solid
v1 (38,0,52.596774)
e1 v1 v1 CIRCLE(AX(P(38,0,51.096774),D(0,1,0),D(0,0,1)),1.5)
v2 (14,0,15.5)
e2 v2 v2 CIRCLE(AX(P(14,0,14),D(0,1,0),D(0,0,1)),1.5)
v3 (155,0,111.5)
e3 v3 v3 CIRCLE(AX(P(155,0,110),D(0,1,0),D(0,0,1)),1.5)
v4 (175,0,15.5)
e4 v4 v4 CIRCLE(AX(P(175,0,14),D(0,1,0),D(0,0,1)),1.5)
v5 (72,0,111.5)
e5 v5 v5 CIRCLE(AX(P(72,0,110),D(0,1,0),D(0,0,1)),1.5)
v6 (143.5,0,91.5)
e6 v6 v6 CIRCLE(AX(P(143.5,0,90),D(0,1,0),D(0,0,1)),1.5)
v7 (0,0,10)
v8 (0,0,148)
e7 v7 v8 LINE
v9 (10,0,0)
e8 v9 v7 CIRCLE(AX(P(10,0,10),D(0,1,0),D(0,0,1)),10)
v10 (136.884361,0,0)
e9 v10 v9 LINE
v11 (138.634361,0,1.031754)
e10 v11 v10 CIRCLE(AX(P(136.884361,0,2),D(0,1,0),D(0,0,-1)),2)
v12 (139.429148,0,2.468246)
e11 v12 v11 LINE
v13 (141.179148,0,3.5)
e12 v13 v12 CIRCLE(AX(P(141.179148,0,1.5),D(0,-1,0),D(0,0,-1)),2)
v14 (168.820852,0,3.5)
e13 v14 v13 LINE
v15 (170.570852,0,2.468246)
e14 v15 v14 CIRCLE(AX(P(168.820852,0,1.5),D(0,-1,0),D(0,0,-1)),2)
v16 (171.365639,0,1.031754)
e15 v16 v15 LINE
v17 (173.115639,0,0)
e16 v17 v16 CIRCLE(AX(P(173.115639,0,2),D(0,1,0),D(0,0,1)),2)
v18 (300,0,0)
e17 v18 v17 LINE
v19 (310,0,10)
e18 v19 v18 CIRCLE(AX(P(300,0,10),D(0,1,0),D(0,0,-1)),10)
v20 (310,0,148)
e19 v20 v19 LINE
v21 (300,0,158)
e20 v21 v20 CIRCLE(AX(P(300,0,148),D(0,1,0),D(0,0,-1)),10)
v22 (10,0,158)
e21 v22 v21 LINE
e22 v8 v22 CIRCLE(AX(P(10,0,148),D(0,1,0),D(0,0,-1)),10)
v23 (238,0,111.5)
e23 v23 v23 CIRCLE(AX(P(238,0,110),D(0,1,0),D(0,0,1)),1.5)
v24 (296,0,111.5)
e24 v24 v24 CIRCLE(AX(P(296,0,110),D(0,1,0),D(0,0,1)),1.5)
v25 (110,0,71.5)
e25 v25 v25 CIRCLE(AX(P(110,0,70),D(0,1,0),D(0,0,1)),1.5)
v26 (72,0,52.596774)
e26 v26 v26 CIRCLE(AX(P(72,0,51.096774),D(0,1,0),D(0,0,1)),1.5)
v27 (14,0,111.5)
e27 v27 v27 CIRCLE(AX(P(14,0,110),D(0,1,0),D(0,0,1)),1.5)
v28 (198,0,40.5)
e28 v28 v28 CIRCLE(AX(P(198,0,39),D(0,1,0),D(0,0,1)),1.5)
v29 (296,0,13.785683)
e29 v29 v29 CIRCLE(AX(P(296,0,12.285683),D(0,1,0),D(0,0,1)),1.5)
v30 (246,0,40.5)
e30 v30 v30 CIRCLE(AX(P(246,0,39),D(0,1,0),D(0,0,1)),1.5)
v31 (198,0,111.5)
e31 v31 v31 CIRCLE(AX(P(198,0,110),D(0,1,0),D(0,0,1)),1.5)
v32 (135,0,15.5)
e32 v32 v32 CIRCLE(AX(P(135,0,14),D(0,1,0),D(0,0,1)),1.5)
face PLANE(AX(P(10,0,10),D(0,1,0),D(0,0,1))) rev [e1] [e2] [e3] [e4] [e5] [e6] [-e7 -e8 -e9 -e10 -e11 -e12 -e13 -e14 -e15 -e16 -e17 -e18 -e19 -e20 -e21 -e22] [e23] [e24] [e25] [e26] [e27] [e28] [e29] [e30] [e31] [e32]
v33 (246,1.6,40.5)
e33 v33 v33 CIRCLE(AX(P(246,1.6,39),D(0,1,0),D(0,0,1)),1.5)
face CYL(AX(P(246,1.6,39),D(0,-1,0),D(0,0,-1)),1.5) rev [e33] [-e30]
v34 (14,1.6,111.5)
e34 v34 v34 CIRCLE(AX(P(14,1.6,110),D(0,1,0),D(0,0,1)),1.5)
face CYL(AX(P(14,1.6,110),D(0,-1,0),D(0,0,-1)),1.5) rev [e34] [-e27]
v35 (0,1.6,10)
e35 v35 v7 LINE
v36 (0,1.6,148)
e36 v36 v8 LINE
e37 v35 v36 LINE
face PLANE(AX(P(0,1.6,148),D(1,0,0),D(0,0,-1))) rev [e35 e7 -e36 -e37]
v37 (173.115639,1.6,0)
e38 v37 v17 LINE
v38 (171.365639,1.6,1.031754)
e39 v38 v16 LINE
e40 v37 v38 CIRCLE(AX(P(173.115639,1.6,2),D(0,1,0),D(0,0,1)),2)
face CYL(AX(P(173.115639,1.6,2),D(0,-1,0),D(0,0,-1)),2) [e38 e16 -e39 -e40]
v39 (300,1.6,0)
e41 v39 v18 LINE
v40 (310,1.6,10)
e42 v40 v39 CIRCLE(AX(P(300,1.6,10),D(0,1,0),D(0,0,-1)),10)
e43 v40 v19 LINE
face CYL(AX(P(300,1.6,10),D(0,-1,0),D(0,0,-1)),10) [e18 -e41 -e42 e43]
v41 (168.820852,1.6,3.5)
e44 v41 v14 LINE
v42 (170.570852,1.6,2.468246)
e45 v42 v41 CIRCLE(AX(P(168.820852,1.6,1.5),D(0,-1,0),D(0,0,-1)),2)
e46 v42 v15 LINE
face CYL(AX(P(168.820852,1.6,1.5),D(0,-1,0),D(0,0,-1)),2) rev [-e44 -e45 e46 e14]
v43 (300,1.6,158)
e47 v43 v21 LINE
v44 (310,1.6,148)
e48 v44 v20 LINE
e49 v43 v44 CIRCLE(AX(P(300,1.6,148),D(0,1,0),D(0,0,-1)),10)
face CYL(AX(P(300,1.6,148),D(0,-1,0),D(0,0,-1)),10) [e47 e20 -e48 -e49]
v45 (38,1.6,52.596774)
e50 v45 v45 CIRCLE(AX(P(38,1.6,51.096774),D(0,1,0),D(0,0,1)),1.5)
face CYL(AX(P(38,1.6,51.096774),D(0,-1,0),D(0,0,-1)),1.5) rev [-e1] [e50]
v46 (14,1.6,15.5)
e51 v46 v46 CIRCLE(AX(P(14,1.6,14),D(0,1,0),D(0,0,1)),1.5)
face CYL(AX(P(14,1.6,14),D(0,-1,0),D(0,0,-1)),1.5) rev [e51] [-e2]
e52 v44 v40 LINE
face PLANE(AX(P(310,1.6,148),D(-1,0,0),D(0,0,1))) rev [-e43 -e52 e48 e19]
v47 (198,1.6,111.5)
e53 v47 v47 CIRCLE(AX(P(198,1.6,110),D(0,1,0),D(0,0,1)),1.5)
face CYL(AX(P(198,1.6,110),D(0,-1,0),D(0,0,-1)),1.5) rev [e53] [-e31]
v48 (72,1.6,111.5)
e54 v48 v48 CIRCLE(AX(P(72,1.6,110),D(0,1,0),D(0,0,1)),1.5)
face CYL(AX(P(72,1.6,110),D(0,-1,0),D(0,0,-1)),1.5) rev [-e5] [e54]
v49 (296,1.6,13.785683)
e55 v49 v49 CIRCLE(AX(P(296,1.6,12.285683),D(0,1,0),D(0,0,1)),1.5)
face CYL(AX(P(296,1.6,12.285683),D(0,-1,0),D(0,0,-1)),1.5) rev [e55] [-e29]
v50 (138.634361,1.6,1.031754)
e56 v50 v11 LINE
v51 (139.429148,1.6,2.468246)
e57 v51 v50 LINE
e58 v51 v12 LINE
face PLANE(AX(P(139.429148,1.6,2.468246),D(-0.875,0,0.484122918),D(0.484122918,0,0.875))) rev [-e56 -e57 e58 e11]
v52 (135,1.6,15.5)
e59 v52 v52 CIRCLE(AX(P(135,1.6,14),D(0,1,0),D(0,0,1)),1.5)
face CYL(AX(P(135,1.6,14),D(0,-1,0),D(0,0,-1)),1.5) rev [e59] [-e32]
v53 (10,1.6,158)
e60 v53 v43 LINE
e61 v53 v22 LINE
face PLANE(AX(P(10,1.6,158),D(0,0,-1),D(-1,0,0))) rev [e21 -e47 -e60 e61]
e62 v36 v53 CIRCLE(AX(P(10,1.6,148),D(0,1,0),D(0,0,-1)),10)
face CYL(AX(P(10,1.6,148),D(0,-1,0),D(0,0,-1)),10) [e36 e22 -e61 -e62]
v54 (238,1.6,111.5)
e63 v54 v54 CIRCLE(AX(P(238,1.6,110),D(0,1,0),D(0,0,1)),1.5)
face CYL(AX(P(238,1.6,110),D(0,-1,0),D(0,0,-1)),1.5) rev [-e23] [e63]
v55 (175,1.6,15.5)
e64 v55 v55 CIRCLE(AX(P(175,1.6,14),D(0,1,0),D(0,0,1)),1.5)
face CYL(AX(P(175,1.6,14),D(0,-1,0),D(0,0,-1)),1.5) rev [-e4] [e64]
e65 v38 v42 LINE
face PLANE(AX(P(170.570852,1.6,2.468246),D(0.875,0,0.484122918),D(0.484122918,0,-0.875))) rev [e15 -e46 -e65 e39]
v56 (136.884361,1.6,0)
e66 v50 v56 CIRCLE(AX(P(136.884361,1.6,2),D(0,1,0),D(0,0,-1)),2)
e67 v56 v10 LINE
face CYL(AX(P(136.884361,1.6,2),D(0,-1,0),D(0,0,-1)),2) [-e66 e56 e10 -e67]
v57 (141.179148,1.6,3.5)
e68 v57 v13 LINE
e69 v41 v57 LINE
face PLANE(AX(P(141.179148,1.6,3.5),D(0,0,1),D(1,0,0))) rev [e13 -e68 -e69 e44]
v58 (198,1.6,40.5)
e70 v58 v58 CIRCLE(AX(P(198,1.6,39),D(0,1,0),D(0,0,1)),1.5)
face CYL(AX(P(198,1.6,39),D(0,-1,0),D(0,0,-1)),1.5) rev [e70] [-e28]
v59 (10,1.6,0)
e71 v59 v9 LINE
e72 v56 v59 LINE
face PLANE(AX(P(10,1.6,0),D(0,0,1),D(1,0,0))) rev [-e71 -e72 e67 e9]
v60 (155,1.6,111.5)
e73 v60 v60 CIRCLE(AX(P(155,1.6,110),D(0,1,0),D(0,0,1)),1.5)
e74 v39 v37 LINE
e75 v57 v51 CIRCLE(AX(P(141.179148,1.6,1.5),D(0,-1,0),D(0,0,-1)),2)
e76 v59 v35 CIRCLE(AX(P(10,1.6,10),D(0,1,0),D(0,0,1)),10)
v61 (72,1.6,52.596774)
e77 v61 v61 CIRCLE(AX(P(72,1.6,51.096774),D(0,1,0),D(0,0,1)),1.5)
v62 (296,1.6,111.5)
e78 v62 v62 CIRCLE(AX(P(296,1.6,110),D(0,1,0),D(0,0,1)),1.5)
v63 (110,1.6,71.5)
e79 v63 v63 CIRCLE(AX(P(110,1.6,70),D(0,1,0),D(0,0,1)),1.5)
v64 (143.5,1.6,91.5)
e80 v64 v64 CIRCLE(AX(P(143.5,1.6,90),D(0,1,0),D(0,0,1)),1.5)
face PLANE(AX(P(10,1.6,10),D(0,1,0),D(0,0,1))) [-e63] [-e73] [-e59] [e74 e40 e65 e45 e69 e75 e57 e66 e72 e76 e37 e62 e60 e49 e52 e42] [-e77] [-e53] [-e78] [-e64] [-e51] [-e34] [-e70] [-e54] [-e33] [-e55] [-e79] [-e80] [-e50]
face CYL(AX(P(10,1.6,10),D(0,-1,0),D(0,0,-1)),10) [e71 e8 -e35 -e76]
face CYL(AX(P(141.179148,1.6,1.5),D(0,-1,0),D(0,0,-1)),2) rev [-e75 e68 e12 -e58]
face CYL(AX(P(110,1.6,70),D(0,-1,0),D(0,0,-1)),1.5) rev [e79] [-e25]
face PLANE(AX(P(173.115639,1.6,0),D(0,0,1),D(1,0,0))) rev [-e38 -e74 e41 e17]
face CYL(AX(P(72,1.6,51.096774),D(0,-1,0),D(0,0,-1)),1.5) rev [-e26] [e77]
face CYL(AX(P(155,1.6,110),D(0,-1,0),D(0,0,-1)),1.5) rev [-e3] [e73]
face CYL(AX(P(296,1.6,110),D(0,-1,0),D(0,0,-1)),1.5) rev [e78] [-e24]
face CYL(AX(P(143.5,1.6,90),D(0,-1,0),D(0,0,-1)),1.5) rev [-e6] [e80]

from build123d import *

# Parameters (mm, degrees)
SKETCH_1_R      = 1.5
EXTRUDE_1_DEPTH = 1.6


with BuildPart() as part:
    # 草图1 → 凸台-拉伸1 (new body)
    with BuildSketch(Plane(origin=(0, 0, 0), x_dir=(1, 0, 0), z_dir=(0, 1, 0))):
        with BuildLine():
            Line((10, 0), (136.884360712, 0))
            ThreePointArc((136.884360712, 0), (137.900113715, -0.277140216), (138.634360712, -1.031754163))
            Line((138.634360712, -1.031754163), (139.429147615, -2.468245837))
            ThreePointArc((139.429147615, -2.468245837), (140.163394612, -3.222859784), (141.179147615, -3.5))
            Line((141.179147615, -3.5), (143.5, -3.5))
            Line((143.5, -3.5), (166.5, -3.5))
            Line((166.5, -3.5), (168.820852385, -3.5))
            ThreePointArc((168.820852385, -3.5), (169.836605388, -3.222859784), (170.570852385, -2.468245837))
            Line((170.570852385, -2.468245837), (171.365639288, -1.031754163))
            ThreePointArc((171.365639288, -1.031754163), (172.099886285, -0.277140216), (173.115639288, 0))
            Line((173.115639288, 0), (300, 0))
            ThreePointArc((300, 0), (307.071067812, -2.928932188), (310, -10))
            Line((310, -10), (310, -148))
            ThreePointArc((310, -148), (307.071067812, -155.071067812), (300, -158))
            Line((300, -158), (10, -158))
            ThreePointArc((10, -158), (2.928932188, -155.071067812), (0, -148))
            Line((0, -148), (0, -10))
            ThreePointArc((0, -10), (2.928932188, -2.928932188), (10, 0))
        make_face()
        with Locations(Location((14, -14, 0), (0, 0, 270))):
            Circle(SKETCH_1_R, mode=Mode.SUBTRACT)
        with Locations(Location((296, -12.28568254, 0), (0, 0, 270))):
            Circle(SKETCH_1_R, mode=Mode.SUBTRACT)
        with Locations(Location((175, -14, 0), (0, 0, 270))):
            Circle(SKETCH_1_R, mode=Mode.SUBTRACT)
        with Locations(Location((135, -14, 0), (0, 0, 270))):
            Circle(SKETCH_1_R, mode=Mode.SUBTRACT)
        with Locations(Location((296, -110, 0), (0, 0, 270))):
            Circle(SKETCH_1_R, mode=Mode.SUBTRACT)
        with Locations(Location((14, -110, 0), (0, 0, 270))):
            Circle(SKETCH_1_R, mode=Mode.SUBTRACT)
        with Locations(Location((155, -110, 0), (0, 0, 270))):
            Circle(SKETCH_1_R, mode=Mode.SUBTRACT)
        with Locations(Location((72, -110, 0), (0, 0, 270))):
            Circle(SKETCH_1_R, mode=Mode.SUBTRACT)
        with Locations(Location((72, -51.096774194, 0), (0, 0, 270))):
            Circle(SKETCH_1_R, mode=Mode.SUBTRACT)
        with Locations(Location((238, -110, 0), (0, 0, 270))):
            Circle(SKETCH_1_R, mode=Mode.SUBTRACT)
        with Locations(Location((246, -39, 0), (0, 0, 270))):
            Circle(SKETCH_1_R, mode=Mode.SUBTRACT)
        with Locations(Location((198, -39, 0), (0, 0, 270))):
            Circle(SKETCH_1_R, mode=Mode.SUBTRACT)
        with Locations(Location((110, -70, 0), (0, 0, 270))):
            Circle(SKETCH_1_R, mode=Mode.SUBTRACT)
        with Locations(Location((38, -51.096774194, 0), (0, 0, 270))):
            Circle(SKETCH_1_R, mode=Mode.SUBTRACT)
        with Locations(Location((198, -110, 0), (0, 0, 270))):
            Circle(SKETCH_1_R, mode=Mode.SUBTRACT)
        with Locations(Location((143.5, -90, 0), (0, 0, 270))):
            Circle(SKETCH_1_R, mode=Mode.SUBTRACT)
    extrude(amount=EXTRUDE_1_DEPTH)


solid = part.part
